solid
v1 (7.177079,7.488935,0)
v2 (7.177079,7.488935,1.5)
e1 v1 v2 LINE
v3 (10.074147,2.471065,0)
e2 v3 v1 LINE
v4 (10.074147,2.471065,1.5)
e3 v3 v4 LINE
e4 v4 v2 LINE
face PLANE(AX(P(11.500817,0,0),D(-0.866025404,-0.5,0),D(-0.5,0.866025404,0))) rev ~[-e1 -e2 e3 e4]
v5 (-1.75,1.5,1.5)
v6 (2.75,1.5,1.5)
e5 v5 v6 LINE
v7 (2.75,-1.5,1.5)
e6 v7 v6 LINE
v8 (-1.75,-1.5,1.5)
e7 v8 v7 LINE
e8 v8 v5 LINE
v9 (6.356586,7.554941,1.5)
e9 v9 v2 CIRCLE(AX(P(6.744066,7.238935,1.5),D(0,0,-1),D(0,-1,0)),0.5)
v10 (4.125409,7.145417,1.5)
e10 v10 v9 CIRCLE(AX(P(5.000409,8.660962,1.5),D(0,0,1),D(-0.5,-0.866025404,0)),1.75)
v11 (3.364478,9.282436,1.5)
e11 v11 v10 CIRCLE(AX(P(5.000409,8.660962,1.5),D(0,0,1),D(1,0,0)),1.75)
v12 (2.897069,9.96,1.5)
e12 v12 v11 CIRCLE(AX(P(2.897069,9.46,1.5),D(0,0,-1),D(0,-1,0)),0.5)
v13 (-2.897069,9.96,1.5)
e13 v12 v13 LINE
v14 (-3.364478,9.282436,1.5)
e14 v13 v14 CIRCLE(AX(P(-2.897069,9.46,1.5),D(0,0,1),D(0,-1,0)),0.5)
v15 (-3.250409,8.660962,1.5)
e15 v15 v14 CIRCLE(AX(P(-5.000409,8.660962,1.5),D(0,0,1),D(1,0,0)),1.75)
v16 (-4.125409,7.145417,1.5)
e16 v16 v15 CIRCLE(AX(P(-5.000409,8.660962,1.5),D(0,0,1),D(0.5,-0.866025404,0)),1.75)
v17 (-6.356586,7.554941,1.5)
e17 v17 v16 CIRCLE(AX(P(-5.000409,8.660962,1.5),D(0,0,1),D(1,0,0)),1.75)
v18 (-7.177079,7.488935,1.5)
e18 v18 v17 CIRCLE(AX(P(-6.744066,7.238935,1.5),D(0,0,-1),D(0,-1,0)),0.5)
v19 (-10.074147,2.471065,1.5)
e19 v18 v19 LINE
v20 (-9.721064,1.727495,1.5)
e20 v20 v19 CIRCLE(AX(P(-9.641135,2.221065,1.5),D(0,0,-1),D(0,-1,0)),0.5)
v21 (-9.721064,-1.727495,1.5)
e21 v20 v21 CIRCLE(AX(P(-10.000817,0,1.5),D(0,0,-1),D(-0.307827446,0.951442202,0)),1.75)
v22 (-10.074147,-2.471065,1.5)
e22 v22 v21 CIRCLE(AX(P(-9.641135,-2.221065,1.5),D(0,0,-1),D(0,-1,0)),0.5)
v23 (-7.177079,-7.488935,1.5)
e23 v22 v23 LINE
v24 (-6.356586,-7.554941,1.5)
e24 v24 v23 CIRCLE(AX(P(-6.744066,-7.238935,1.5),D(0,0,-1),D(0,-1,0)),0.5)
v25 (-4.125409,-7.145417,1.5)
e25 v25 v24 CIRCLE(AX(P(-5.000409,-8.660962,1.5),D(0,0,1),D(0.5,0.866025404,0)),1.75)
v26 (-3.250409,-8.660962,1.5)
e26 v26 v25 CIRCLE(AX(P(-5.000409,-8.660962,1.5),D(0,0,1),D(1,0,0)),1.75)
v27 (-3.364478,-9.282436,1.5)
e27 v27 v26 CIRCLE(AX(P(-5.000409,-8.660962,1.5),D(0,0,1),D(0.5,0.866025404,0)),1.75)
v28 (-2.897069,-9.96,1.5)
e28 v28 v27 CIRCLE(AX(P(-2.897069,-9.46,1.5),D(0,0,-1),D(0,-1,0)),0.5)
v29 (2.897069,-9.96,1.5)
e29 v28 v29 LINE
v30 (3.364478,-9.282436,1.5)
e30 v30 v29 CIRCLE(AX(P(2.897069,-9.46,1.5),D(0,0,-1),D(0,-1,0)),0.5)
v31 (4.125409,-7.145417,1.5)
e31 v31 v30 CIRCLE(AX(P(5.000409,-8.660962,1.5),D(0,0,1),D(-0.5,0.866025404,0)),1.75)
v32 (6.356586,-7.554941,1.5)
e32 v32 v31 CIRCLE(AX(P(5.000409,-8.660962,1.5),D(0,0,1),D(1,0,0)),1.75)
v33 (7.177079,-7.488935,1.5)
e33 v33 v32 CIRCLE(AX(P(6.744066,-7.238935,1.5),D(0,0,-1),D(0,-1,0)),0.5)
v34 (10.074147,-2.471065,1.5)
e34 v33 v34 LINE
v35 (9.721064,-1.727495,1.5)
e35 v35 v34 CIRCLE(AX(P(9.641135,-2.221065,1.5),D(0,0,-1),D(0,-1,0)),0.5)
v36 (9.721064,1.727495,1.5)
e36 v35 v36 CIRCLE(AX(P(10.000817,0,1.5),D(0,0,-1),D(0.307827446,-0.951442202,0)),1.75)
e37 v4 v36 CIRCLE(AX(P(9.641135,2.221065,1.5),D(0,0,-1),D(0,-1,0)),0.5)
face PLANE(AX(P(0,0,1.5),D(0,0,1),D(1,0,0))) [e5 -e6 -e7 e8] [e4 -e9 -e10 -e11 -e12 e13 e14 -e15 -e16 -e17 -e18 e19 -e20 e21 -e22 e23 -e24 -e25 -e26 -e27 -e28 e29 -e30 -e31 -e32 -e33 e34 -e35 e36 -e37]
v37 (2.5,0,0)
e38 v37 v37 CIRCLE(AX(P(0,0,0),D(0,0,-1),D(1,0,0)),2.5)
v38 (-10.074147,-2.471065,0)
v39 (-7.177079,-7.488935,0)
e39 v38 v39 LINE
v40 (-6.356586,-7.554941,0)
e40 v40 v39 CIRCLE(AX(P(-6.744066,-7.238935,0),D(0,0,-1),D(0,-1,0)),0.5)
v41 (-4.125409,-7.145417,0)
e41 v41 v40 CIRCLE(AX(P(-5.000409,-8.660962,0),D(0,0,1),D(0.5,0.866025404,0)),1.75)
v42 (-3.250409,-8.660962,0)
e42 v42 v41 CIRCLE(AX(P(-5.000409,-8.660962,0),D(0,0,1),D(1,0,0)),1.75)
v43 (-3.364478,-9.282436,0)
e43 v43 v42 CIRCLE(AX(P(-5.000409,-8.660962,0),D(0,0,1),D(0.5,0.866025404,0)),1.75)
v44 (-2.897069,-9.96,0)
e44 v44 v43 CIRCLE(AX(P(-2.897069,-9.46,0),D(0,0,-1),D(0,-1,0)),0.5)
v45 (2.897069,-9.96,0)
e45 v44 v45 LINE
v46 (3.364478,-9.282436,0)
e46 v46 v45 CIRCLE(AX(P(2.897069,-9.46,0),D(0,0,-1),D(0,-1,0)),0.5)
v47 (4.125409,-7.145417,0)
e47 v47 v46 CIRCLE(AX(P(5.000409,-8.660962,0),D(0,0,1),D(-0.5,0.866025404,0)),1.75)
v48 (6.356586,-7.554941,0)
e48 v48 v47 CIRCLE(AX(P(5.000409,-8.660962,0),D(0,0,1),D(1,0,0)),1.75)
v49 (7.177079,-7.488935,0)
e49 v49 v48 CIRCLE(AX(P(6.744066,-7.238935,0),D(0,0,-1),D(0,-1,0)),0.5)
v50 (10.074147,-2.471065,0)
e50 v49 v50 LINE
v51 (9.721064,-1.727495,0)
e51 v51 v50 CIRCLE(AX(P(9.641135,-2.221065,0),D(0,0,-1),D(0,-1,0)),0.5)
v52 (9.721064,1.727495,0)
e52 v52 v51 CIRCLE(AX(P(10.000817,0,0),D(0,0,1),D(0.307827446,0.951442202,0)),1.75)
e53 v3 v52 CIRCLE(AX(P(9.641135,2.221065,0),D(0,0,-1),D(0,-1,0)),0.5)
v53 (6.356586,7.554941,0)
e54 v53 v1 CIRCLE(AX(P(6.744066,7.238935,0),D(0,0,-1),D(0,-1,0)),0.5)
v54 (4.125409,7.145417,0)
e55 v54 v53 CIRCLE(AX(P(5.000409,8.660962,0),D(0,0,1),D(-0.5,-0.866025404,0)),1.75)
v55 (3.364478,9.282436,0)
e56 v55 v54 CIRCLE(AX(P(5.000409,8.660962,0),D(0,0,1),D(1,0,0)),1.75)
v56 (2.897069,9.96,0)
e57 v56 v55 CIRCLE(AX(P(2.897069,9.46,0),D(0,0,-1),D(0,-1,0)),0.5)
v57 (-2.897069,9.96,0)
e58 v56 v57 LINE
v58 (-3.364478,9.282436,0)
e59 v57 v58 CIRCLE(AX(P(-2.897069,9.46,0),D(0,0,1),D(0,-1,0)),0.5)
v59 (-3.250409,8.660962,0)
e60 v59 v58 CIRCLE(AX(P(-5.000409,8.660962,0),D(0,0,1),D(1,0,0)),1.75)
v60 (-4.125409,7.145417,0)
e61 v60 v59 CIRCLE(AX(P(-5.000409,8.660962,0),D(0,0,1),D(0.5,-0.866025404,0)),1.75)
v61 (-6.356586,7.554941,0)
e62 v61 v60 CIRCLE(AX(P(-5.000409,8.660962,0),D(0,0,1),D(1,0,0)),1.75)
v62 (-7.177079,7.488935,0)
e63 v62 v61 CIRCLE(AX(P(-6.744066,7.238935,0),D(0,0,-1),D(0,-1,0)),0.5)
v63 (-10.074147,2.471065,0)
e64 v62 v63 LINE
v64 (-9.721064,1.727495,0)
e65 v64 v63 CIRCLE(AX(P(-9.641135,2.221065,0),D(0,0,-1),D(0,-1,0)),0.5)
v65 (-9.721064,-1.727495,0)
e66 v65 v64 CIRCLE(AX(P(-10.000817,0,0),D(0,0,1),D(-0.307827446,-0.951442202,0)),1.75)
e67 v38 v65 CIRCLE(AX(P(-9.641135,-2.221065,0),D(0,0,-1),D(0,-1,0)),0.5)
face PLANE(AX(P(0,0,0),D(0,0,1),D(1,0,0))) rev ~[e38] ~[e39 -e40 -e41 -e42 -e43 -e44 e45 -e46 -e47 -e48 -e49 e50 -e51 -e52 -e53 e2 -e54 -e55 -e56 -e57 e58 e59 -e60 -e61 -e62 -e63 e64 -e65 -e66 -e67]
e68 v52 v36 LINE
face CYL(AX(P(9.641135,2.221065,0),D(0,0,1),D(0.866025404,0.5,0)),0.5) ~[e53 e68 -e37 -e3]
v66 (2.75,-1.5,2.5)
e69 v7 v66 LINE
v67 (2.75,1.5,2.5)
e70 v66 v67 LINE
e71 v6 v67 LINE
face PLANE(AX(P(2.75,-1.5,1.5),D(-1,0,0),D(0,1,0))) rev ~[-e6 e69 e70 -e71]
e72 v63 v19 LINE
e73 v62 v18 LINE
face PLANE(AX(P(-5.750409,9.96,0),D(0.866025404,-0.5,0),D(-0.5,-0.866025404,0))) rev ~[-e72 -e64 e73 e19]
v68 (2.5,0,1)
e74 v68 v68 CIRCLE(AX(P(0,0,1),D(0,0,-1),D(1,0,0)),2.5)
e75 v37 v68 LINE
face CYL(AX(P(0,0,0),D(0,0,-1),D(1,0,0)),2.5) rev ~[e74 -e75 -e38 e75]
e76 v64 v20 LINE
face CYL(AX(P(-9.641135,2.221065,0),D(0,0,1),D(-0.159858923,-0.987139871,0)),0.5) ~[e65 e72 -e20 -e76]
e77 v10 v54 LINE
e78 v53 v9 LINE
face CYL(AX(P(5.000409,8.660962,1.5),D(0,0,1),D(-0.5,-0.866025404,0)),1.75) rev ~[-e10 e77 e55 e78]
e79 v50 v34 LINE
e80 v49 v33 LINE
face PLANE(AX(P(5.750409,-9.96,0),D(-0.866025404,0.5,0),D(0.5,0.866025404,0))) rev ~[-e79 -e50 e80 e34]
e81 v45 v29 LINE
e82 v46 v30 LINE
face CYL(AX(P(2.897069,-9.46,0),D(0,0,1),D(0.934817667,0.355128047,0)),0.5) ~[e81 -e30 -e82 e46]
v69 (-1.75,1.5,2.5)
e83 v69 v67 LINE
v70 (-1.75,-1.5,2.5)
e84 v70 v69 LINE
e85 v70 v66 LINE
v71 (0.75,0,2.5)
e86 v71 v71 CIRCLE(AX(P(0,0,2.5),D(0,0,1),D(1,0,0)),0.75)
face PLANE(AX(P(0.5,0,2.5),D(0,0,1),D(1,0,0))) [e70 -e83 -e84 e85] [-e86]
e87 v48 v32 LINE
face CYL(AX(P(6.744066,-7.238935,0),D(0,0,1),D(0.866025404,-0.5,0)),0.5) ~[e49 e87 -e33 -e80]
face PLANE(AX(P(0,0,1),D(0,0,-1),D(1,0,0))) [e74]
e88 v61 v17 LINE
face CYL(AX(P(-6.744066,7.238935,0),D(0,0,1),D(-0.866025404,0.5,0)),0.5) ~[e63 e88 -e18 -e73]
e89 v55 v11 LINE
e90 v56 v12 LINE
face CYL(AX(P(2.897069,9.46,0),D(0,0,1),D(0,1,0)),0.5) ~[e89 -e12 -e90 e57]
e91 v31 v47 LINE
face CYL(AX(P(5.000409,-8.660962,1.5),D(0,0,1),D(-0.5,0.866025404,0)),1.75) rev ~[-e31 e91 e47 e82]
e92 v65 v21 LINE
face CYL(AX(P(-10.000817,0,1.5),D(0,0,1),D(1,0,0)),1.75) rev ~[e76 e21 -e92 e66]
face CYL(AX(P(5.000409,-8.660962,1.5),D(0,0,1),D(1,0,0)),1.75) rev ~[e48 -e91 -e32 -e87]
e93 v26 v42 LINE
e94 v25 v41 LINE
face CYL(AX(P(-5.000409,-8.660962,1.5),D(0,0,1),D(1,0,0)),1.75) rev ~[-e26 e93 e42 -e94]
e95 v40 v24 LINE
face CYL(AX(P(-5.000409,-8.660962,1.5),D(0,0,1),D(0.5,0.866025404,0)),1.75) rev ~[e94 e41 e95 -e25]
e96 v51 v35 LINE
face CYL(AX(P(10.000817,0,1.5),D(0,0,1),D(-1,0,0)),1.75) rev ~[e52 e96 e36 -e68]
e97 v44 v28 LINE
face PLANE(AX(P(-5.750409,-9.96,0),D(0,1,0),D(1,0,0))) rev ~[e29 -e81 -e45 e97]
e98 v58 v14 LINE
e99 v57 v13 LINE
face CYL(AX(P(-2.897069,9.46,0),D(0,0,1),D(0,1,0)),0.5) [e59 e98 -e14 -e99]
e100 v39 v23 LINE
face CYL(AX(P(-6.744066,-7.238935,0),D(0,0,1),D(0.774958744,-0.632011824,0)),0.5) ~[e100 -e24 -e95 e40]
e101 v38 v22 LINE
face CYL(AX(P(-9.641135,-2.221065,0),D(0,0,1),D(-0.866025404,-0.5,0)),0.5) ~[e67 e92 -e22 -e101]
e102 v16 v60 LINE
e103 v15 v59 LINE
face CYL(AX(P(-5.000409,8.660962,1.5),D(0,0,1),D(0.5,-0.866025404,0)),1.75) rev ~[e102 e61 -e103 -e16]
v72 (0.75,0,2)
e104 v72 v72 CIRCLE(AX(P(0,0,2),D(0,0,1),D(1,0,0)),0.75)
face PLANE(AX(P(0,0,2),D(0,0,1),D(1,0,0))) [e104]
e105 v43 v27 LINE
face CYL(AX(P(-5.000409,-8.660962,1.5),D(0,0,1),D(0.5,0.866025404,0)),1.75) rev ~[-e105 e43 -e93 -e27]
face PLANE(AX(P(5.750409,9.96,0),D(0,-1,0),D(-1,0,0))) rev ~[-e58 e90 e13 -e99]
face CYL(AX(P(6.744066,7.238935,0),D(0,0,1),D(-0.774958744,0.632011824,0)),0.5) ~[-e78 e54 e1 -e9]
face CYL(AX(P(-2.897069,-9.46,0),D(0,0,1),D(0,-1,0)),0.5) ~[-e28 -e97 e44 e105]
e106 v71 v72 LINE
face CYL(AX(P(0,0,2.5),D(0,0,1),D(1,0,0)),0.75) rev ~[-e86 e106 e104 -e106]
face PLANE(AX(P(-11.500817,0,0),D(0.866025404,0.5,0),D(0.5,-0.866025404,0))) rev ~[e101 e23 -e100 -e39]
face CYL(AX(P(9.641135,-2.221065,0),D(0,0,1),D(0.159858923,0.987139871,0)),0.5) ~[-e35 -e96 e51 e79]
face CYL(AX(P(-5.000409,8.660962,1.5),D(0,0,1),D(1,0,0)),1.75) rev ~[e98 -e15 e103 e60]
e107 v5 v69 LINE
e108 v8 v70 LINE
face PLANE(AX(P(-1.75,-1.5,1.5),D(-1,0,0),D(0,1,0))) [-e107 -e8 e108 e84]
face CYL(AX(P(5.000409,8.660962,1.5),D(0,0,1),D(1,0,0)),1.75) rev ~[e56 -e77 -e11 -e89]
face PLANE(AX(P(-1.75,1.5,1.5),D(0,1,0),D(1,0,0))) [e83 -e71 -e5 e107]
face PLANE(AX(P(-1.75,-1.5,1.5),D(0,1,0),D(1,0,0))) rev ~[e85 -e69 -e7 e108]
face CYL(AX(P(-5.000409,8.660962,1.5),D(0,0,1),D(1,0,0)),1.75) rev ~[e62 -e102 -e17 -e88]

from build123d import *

# Parameters (mm, degrees)
F1_DEPTH  = 1.5
F2_R      = 1.75
F3_DEPTH  = 25
F4_R      = 0.5
F5_R      = 2.5
F6_DEPTH  = 1
F7_W      = 4.5
F7_H      = 3
F8_DEPTH  = 1
F9_R      = 0.75
F10_DEPTH = 0.5


with BuildPart() as f1:
    # F0 (on Top) → F1 (new body)
    with BuildSketch(Plane.XY):
        Polygon((5.7504086811, 9.96), (-5.7504086811, 9.96), (-11.5008173623, 0), (-5.7504086811, -9.96), (5.7504086811, -9.96), (11.5008173623, 0), align=None)
    extrude(amount=F1_DEPTH)

    # F2 (on face) → F3 (cut)
    with BuildSketch(Plane.XY.offset(1.5)):
        with BuildLine():
            ThreePointArc((6.7504086811, 8.6609618943), (4.1254086811, 10.1765063509), (4.1254086811, 7.1454174377))
            ThreePointArc((4.1254086811, 7.1454174377), (5.8754086811, 7.1454174377), (6.7504086811, 8.6609618943))
        make_face()
        with BuildLine():
            ThreePointArc((11.7508173623, 0), (10.0008173623, 1.75), (8.2508173623, 0))
            ThreePointArc((8.2508173623, 0), (10.0008173623, -1.75), (11.7508173623, 0))
        make_face()
        with BuildLine():
            ThreePointArc((6.7504086811, -8.6609618943), (5.8754086811, -7.1454174377), (4.1254086811, -7.1454174377))
            ThreePointArc((4.1254086811, -7.1454174377), (4.1254086811, -10.1765063509), (6.7504086811, -8.6609618943))
        make_face()
        with BuildLine():
            ThreePointArc((-3.2504086811, -8.6609618943), (-3.4848642245, -7.7859618943), (-4.1254086811, -7.1454174377))
            ThreePointArc((-4.1254086811, -7.1454174377), (-6.5159531378, -9.5359618943), (-3.2504086811, -8.6609618943))
        make_face()
        with Locations((-10.0008173623, 0)):
            Circle(F2_R)
        with BuildLine():
            ThreePointArc((-3.2504086811, 8.6609618943), (-6.5159531378, 9.5359618943), (-4.1254086811, 7.1454174377))
            ThreePointArc((-4.1254086811, 7.1454174377), (-3.4848642245, 7.7859618943), (-3.2504086811, 8.6609618943))
        make_face()
    extrude(amount=-F3_DEPTH, mode=Mode.SUBTRACT)

    # F4
    f4_edges = [f1.edges().sort_by_distance(p)[0] for p in [
        (-3.827805, 9.96, 0.75),
        (-6.711711, 8.294976, 0.75),
        (3.827805, 9.96, 0.75),
        (6.711711, 8.294976, 0.75),
        (-10.539515, 1.665024, 0.75),
        (-10.539515, -1.665024, 0.75),
        (-3.827805, -9.96, 0.75),
        (-6.711711, -8.294976, 0.75),
        (3.827805, -9.96, 0.75),
        (6.711711, -8.294976, 0.75),
        (10.539515, 1.665024, 0.75),
        (10.539515, -1.665024, 0.75),
    ]]
    fillet(f4_edges, radius=F4_R)

    # F5 (on face) → F6 (cut)
    with BuildSketch(Plane(origin=(0, 0, 0), x_dir=(1, 0, 0), z_dir=(0, 0, -1))):
        Circle(F5_R)
    extrude(amount=-F6_DEPTH, mode=Mode.SUBTRACT)

    # F7 (on face) → F8 (join)
    with BuildSketch(Plane.XY.offset(1.5)):
        with Locations((0.5, 0)):
            Rectangle(F7_W, F7_H)
    extrude(amount=F8_DEPTH)

    # F9 (on face) → F10 (cut)
    with BuildSketch(Plane.XY.offset(2.5)):
        Circle(F9_R)
    extrude(amount=-F10_DEPTH, mode=Mode.SUBTRACT)


solid = f1.part
